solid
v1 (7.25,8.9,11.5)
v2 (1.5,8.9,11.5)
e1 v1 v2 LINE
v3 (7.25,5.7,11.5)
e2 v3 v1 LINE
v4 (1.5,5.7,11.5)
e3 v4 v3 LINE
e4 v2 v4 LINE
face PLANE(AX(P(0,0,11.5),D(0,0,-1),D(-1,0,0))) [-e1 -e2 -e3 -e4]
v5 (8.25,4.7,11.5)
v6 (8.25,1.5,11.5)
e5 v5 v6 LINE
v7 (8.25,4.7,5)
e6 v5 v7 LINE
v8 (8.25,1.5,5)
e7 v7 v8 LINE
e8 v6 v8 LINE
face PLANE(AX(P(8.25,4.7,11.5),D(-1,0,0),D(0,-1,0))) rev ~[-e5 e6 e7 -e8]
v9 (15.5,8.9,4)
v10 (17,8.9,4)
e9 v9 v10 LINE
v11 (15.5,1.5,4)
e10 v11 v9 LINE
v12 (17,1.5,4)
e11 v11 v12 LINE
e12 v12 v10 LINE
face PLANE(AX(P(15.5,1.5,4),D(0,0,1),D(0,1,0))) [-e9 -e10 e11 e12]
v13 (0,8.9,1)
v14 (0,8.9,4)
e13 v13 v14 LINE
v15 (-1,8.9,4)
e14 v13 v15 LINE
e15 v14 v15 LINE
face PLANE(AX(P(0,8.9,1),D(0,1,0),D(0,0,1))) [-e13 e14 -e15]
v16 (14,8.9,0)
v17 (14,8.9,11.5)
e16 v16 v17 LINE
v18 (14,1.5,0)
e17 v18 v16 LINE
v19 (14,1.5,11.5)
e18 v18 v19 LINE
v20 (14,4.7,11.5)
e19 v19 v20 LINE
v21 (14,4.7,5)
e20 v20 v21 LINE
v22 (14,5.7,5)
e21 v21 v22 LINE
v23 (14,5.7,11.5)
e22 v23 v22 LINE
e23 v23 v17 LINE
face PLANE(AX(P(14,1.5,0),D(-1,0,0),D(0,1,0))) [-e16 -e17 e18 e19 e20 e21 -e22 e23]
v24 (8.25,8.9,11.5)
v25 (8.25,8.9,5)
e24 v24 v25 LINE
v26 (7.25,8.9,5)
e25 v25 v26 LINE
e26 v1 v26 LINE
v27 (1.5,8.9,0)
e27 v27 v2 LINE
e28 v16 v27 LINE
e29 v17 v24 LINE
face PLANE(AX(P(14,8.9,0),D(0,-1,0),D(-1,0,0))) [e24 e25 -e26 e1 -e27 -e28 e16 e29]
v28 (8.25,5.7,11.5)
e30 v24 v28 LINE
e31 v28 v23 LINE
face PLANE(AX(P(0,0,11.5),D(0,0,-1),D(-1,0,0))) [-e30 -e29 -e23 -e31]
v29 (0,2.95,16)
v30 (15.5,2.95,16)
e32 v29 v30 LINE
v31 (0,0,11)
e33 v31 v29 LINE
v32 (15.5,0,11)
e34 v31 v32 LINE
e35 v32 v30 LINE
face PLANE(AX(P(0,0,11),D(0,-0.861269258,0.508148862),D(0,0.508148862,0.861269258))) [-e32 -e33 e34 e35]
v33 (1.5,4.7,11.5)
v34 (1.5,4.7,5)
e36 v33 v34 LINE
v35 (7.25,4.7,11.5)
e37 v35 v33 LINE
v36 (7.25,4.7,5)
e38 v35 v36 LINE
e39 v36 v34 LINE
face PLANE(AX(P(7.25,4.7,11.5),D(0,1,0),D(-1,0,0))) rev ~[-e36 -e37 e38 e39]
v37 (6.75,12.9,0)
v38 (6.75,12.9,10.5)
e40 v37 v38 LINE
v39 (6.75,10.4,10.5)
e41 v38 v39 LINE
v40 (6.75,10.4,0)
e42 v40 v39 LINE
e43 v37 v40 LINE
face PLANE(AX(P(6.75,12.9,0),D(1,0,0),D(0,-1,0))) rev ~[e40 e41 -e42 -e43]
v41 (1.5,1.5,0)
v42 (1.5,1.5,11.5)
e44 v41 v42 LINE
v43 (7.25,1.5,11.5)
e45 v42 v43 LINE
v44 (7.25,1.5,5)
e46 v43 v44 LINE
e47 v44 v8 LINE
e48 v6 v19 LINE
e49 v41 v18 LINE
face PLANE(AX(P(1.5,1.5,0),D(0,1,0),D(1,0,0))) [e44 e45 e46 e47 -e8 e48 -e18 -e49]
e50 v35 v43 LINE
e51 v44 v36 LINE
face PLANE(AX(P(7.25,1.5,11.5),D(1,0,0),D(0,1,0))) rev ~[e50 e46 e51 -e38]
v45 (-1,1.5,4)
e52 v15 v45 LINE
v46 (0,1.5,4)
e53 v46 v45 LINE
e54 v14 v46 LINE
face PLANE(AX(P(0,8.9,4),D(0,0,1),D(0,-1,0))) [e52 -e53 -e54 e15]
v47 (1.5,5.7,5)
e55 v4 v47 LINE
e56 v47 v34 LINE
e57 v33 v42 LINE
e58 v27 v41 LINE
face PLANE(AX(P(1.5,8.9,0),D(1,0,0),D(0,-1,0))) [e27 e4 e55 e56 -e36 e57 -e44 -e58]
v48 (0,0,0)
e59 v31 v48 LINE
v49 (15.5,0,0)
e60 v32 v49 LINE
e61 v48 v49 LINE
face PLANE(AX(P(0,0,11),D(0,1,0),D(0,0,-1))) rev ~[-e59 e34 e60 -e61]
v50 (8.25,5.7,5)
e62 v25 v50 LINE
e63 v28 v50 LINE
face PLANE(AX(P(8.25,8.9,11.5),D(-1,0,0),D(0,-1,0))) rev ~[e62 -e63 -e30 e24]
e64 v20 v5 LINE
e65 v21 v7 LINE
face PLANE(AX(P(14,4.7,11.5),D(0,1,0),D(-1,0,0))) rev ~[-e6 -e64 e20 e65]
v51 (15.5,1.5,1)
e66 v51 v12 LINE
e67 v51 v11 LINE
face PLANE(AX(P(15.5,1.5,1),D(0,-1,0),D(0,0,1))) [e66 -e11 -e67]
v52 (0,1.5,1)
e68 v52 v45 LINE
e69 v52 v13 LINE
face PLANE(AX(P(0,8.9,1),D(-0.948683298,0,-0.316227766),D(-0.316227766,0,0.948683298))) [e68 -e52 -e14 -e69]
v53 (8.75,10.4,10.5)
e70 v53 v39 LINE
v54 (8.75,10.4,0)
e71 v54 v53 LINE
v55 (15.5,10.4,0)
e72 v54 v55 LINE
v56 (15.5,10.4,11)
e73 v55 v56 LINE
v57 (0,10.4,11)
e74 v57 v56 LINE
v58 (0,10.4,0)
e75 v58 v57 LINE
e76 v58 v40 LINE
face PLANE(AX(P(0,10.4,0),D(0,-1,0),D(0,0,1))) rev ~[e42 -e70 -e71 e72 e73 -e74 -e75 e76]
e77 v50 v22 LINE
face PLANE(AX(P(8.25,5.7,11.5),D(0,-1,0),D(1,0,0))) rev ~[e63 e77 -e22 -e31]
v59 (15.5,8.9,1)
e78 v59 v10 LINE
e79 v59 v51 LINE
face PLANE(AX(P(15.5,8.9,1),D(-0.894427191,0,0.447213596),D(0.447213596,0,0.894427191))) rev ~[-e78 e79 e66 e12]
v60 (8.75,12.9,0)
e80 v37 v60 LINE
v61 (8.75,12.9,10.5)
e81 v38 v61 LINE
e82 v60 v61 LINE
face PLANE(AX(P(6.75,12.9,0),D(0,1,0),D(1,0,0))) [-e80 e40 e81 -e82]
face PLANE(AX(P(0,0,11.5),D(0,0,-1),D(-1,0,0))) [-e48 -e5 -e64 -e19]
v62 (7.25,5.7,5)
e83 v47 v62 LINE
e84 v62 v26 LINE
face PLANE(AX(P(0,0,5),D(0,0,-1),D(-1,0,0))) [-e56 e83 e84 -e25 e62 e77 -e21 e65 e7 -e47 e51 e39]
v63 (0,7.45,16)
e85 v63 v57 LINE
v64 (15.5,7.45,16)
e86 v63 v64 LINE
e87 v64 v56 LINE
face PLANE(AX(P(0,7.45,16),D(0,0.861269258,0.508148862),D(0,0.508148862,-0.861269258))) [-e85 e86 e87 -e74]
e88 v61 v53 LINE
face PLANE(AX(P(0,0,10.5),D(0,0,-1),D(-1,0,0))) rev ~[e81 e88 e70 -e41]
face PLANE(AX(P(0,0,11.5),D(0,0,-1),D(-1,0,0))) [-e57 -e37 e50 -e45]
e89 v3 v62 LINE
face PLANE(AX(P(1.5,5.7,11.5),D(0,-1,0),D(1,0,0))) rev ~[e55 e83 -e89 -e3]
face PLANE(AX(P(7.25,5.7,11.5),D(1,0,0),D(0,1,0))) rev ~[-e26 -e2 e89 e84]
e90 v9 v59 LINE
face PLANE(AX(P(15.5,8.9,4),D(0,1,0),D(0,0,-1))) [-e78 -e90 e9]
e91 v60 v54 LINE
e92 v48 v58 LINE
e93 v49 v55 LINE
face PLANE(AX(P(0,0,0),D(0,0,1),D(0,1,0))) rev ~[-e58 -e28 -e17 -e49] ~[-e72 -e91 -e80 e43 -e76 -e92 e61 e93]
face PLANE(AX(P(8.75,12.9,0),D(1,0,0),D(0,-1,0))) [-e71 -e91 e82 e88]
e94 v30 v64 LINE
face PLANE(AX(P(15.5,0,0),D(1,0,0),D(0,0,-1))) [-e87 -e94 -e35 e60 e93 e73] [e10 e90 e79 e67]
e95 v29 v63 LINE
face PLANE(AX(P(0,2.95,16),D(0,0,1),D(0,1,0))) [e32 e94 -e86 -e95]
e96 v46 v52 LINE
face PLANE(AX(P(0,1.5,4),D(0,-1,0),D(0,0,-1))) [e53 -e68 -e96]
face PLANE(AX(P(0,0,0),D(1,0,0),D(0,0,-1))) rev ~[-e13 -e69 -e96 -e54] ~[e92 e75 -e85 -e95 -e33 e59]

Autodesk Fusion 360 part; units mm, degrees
sketch "Rail Sketch" plane through (0, 0, 0) normal (1, 0, 0) x (0, 0, -1)
  line L0 (0, 0) -> (0, 10.4)
  line L1 (0, 10.4) -> (-11, 10.4)
  line L2 (-11, 0) -> (-16, 2.95)
  line L3 (-16, 7.45) -> (-11, 10.4)
  line L4 (-16, 2.95) -> (-16, 7.45)
  line L5 (-11, 0) -> (0, 0)
  dimension "d1" = 5
  dimension "d2" = 4.5
  dimension "d3" = 10.4
  dimension "d4" = 16
extrude "Extrude1" add sketch "Rail Sketch" along normal blind 15.5
sketch "Back Hole" plane through (0, 0, 0) normal (0, 0, -1) x (-1, 0, 0)
  line L0 (0, 0) -> (0, 10.4)
  line L1 (0, 10.4) -> (-15.5, 10.4)
  line L2 (-15.5, 10.4) -> (-15.5, 0)
  line L3 (-15.5, 0) -> (0, 0)
  line L4 (-14, 8.9) -> (-1.5, 8.9)
  line L5 (-1.5, 8.9) -> (-1.5, 1.5)
  line L6 (-1.5, 1.5) -> (-14, 1.5)
  line L7 (-14, 1.5) -> (-14, 8.9)
  dimension "d8" = 1.5
  dimension "d9" = 1.5
  dimension "d10" = 1.5
  dimension "d11" = 1.5
extrude "Extrude2" cut sketch "Back Hole" against normal blind 11.5 contours L4 L5 L6 L7
sketch "Cross" plane through (0, 0, 11.5) normal (0, 0, -1) x (-1, 0, 0)
  line L0 (-14, 1.5) -> (-1.5, 1.5)
  line L1 (-1.5, 1.5) -> (-1.5, 8.9)
  line L2 (-1.5, 8.9) -> (-14, 8.9)
  line L3 (-14, 8.9) -> (-14, 1.5)
  line L4 (-7.75, 8.9) -> (-8.25, 8.9)
  line L5 (-8.25, 5.7) -> (-14, 5.7)
  line L6 (-14, 5.2) -> (-14, 4.7)
  line L7 (-8.25, 4.7) -> (-8.25, 1.5)
  line L8 (-7.75, 1.5) -> (-7.25, 1.5)
  line L9 (-7.25, 4.7) -> (-1.5, 4.7)
  line L10 (-1.5, 5.2) -> (-1.5, 5.7)
  line L11 (-14, 4.7) -> (-8.25, 4.7)
  line L12 (-7.25, 1.5) -> (-7.25, 1.6)
  line L13 (-7.25, 1.6) -> (-7.25, 4.7)
  line L14 (-1.5, 4.7) -> (-1.5, 5.2)
  line L15 (-1.5, 5.7) -> (-7.25, 5.7)
  line L16 (-7.25, 5.7) -> (-7.25, 8.9)
  line L17 (-7.75, 8.9) -> (-7.25, 8.9)
  line L18 (-8.25, 8.9) -> (-8.25, 5.7)
  line L19 (-8.25, 1.5) -> (-7.75, 1.5)
  line L20 (-14, 5.7) -> (-14, 5.2)
  dimension "d16" = 1
extrude "Extrude3" add sketch "Cross" along normal blind 6.5 contours L0 L1 L2 L3 L4 L5 L6 L7 L8 L9 L10 L11 L12 L13 L14 L15 L16 L17 L18 L19 L20
sketch "Vertical Support" plane through (0, 0, 0) normal (0, 0, -1) x (-1, 0, 0)
  line L0 (-1.5, 8.9) -> (-1.5, 1.5)
  line L1 (-1.5, 1.5) -> (-14, 1.5)
  line L2 (-14, 1.5) -> (-14, 8.9)
  line L3 (-14, 8.9) -> (-1.5, 8.9)
  line L4 (0, 0) -> (0, 10.4)
  line L5 (0, 10.4) -> (-15.5, 10.4)
  line L6 (-15.5, 10.4) -> (-15.5, 0)
  line L7 (-15.5, 0) -> (0, 0)
  line L8 (-8.75, 10.4) -> (-7.75, 10.4)
  line L9 (-7.75, 10.4) -> (-6.75, 10.4)
  line L10 (-6.75, 12.9) -> (-6.75, 10.4)
  line L11 (-6.75, 12.9) -> (-8.75, 12.9)
  line L12 (-8.75, 12.9) -> (-8.75, 10.4)
  dimension "d19" = 2
  dimension "d20" = 2.5
extrude "Extrude4" add sketch "Vertical Support" against normal blind 10.5 contours L5 L8 L9 L10 L11 L12
sketch "Right Fin " plane through (15.5, 0, 0) normal (1, 0, 0) x (0, 0, -1)
  line L0 (-16, 2.95) -> (-11, 0)
  line L1 (-11, 0) -> (0, 0)
  line L2 (0, 0) -> (0, 10.4)
  line L3 (0, 10.4) -> (-11, 10.4)
  line L4 (-11, 10.4) -> (-16, 7.45)
  line L5 (-16, 7.45) -> (-16, 2.95)
  line L6 (-1, 8.9) -> (-1, 1.5)
  line L7 (-1, 1.5) -> (-4, 1.5)
  line L8 (-4, 1.5) -> (-4, 8.9)
  line L9 (-4, 8.9) -> (-1, 8.9)
  dimension "d23" = 1.5
  dimension "d24" = 1.5
  dimension "d25" = 3
  dimension "d26" = 1
extrude "Extrude5" add sketch "Right Fin " along normal blind 1.5 contours L6 L7 L8 L9
sketch "Right Fin Slice" plane through (0, 8.9, 0) normal (0, 1, 0) x (-1, 0, 0)
  line L0 (-15.5, 1) -> (-15.5, 4)
  line L1 (-15.5, 4) -> (-17, 4)
  line L2 (-17, 4) -> (-17, 1)
  line L3 (-17, 1) -> (-15.5, 1)
  line L4 (-15.5, 1) -> (-17, 4)
extrude "Extrude6" cut sketch "Right Fin Slice" against normal blind 7.4 contours L2 L3 L4
sketch "Left Fin" plane through (0, 0, 0) normal (-1, 0, 0) x (0, 0, 1)
  line L0 (11, 0) -> (16, 2.95)
  line L1 (16, 2.95) -> (16, 7.45)
  line L2 (16, 7.45) -> (11, 10.4)
  line L3 (11, 10.4) -> (0, 10.4)
  line L4 (0, 10.4) -> (0, 0)
  line L5 (0, 0) -> (11, 0)
  line L6 (1, 8.9) -> (4, 8.9)
  line L7 (4, 8.9) -> (4, 1.5)
  line L8 (4, 1.5) -> (1, 1.5)
  line L9 (1, 1.5) -> (1, 8.9)
  dimension "d31" = 1
  dimension "d32" = 3
  dimension "d33" = 1.5
  dimension "d34" = 1.5
extrude "Extrude7" add sketch "Left Fin" along normal blind 1 contours L6 L7 L8 L9
sketch "Left Fin Slice" plane through (0, 8.9, 0) normal (0, 1, 0) x (-1, 0, 0)
  line L0 (0, 4) -> (0, 1)
  line L1 (0, 1) -> (1, 1)
  line L2 (1, 1) -> (1, 4)
  line L3 (1, 4) -> (0, 4)
  line L4 (0, 1) -> (1, 4)
extrude "Extrude8" cut sketch "Left Fin Slice" against normal blind 7.4 contours L1 L2 L4
equation "d17 = 11.5 mm - 5 mm"
